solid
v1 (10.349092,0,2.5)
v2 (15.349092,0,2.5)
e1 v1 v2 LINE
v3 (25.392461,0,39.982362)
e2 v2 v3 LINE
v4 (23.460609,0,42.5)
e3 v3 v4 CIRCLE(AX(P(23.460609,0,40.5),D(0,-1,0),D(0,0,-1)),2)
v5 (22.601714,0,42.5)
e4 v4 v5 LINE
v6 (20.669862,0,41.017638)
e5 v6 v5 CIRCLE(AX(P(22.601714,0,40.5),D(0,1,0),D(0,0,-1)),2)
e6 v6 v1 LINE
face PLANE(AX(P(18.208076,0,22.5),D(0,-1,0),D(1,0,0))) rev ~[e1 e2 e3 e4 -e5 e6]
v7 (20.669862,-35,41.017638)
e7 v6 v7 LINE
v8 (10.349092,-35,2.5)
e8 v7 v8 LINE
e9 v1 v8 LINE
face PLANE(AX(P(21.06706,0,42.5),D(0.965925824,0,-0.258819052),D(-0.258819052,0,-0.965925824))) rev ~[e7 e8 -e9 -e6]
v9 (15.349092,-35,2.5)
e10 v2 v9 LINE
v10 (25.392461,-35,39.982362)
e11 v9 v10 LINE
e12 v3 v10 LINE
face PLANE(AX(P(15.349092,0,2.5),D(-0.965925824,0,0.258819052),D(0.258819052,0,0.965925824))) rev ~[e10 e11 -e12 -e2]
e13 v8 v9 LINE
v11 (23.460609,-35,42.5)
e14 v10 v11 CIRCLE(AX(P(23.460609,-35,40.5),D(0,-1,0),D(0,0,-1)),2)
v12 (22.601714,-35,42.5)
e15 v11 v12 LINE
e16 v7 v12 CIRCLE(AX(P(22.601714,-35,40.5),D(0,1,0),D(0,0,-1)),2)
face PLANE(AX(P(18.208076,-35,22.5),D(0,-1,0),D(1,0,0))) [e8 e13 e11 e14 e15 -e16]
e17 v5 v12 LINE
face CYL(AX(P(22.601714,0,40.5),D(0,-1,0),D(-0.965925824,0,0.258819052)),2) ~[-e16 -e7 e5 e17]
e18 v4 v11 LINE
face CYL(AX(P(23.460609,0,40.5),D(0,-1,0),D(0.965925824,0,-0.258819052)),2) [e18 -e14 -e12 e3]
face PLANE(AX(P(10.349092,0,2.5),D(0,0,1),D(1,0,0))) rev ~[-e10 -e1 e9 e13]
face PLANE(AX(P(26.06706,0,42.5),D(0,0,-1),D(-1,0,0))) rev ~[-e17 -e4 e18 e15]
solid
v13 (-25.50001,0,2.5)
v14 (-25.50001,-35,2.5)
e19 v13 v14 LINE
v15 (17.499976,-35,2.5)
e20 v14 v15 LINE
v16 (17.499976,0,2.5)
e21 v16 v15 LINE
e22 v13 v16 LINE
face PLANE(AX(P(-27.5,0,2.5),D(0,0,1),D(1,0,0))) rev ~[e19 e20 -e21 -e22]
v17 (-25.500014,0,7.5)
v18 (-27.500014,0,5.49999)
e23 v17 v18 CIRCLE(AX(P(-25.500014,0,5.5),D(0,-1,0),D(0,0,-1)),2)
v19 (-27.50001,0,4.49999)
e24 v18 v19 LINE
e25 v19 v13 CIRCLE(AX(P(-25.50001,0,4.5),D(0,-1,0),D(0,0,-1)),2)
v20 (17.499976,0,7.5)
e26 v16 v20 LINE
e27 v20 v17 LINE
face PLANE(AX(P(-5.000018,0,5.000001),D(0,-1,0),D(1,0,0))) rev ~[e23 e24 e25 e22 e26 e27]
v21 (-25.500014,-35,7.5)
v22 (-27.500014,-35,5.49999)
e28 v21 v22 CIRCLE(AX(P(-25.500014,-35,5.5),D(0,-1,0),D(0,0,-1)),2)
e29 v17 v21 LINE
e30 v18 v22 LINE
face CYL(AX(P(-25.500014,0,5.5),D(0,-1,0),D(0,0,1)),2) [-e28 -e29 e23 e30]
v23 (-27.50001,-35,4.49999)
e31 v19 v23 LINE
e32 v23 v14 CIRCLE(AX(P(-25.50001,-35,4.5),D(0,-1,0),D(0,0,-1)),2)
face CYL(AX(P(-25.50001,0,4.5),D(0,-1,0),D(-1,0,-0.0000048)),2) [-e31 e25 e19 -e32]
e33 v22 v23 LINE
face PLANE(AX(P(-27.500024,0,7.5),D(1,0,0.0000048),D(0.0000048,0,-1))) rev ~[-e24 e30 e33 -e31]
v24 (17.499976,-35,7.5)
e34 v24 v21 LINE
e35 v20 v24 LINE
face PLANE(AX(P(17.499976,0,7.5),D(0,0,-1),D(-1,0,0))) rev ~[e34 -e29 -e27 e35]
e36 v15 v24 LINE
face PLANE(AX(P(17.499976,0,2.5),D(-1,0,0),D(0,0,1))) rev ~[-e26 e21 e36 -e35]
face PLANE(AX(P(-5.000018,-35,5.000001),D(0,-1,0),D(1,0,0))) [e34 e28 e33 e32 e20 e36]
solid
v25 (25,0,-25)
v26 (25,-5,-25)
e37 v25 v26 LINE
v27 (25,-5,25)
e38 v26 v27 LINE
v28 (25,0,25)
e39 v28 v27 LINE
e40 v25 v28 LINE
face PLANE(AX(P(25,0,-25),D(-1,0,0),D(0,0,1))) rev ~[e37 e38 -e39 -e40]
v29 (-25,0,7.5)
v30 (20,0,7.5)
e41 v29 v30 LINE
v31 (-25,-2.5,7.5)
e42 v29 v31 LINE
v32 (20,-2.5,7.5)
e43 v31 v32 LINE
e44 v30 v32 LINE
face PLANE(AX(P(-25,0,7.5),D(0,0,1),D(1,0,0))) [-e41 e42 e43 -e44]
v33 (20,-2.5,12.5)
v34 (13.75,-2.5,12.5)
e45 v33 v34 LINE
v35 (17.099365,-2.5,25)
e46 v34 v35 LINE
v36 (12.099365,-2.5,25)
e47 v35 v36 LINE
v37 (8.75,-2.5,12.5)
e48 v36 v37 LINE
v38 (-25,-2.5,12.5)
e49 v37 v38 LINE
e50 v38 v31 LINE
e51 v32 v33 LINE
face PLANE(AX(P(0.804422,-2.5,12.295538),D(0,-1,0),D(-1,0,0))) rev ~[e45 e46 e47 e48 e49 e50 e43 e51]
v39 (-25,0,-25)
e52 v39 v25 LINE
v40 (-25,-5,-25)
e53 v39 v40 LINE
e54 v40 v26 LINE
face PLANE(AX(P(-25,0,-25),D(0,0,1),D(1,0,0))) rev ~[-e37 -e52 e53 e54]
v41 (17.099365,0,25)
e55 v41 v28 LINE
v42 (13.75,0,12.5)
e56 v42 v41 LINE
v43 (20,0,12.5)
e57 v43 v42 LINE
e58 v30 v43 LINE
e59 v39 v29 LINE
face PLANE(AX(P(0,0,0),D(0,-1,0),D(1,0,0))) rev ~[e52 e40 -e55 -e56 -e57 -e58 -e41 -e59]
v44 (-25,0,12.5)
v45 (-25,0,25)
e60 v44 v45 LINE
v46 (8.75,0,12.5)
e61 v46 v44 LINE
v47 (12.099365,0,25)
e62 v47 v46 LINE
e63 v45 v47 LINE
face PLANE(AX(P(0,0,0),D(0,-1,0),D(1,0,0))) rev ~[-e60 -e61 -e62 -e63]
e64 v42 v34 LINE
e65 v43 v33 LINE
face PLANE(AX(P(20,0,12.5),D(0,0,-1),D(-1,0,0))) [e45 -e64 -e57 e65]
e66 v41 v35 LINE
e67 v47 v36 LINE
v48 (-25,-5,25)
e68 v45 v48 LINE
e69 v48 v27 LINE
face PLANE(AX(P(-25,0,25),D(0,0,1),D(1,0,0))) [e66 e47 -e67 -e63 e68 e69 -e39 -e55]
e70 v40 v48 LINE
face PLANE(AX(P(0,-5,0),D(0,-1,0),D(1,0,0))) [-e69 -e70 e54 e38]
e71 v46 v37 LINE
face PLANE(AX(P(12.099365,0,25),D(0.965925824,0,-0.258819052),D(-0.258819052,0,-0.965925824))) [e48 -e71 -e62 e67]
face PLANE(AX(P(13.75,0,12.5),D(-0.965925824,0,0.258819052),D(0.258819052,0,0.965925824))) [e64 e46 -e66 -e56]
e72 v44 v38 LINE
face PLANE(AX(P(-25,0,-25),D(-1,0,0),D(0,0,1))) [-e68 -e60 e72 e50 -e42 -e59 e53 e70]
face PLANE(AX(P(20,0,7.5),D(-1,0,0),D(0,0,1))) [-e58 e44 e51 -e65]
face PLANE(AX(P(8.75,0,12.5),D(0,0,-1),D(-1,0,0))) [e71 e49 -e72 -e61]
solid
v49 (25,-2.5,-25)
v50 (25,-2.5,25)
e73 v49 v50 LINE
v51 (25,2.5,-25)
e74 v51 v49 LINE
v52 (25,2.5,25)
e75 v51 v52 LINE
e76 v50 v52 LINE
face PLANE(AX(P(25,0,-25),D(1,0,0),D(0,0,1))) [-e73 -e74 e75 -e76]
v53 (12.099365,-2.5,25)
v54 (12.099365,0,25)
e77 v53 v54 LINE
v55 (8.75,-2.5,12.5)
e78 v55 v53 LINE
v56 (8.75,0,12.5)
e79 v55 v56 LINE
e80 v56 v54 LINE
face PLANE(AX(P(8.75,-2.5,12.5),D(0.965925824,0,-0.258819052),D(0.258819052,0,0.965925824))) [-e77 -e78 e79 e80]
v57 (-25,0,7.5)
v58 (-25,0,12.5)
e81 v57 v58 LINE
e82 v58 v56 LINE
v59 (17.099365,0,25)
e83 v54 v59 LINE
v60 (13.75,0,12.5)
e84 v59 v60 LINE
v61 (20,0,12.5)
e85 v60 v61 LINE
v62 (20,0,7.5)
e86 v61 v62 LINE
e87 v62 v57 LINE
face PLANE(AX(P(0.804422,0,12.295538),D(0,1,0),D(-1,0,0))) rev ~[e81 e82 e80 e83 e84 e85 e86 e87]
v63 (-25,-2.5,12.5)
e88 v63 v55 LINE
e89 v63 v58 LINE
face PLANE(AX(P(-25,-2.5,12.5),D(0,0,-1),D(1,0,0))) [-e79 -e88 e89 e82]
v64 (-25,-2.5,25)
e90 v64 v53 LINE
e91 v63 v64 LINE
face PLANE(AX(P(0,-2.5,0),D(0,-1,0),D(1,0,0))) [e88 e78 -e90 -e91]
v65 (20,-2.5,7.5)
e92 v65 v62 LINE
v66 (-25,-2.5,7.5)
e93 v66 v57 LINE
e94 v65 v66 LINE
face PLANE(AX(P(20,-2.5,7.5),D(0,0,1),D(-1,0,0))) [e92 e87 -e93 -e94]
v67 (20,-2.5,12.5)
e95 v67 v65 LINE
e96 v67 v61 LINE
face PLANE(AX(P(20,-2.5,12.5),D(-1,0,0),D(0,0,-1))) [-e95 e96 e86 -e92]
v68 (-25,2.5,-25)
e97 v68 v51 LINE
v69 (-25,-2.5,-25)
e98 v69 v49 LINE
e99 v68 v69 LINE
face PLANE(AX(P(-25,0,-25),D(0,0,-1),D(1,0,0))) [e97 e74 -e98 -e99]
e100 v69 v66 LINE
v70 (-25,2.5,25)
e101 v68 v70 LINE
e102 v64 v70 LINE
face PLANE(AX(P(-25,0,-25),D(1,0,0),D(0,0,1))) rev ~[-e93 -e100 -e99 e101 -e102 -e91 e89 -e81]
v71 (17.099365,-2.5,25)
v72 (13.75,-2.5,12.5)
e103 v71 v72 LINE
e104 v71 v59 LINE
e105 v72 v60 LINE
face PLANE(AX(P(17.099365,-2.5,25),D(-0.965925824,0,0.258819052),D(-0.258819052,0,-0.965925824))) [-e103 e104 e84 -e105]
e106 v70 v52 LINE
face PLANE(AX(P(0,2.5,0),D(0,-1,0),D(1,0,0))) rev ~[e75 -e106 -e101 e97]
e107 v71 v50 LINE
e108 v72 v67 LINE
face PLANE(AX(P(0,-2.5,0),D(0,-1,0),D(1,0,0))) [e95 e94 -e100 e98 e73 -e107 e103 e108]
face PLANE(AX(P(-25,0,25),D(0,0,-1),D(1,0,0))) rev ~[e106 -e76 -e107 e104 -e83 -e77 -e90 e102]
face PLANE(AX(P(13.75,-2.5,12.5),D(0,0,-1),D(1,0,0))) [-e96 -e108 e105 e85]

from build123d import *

# Parameters (mm, degrees)
SKETCH_W        = 50
SKETCH_H        = 50
PAD_DEPTH       = 2.5
POCKET_DEPTH    = 2.5
PAD001_DEPTH    = 35
FILLET_R        = 2
PAD002_DEPTH    = 35
FILLET001_R     = 2
SKETCH004_W     = 50
SKETCH004_H     = 50
PAD003_DEPTH    = 5
POCKET001_DEPTH = 2.5


with BuildPart() as right_leg:
    # Sketch → Pad (new body, symmetric)
    with BuildSketch(Plane.XZ):
        Rectangle(SKETCH_W, SKETCH_H)
    extrude(amount=PAD_DEPTH, both=True)

    # Sketch001 (on Face6 of Pad) → Pocket (cut)
    with BuildSketch(Plane.XZ.offset(2.5)):
        Polygon((-25, 7.5), (-25, 12.5), (8.75, 12.5), (12.099365, 25), (17.099365, 25), (13.75, 12.5), (20, 12.5), (20, 7.5), align=None)
    extrude(amount=-POCKET_DEPTH, mode=Mode.SUBTRACT)


with BuildPart() as seat:
    # Sketch002 → Pad001 (new body)
    with BuildSketch(Plane.XZ):
        Polygon((17.499976, 2.5), (17.499976, 7.5), (-27.500024, 7.5), (-27.5, 2.5), align=None)
    extrude(amount=PAD001_DEPTH)

    # Fillet
    fillet_edges = [seat.edges().sort_by_distance(p)[0] for p in [
        (-27.500024, -17.5, 7.5),
        (-27.5, -17.5, 2.5),
    ]]
    fillet(fillet_edges, radius=FILLET_R)


with BuildPart() as back_rest:
    # Sketch003 → Pad002 (new body)
    with BuildSketch(Plane.XZ):
        Polygon((21.06706, 42.5), (10.349092, 2.5), (15.349092, 2.5), (26.06706, 42.5), align=None)
    extrude(amount=PAD002_DEPTH)

    # Fillet001
    fillet001_edges = [back_rest.edges().sort_by_distance(p)[0] for p in [
        (21.06706, -17.5, 42.5),
        (26.06706, -17.5, 42.5),
    ]]
    fillet(fillet001_edges, radius=FILLET001_R)


with BuildPart() as left_leg:
    # Sketch004 → Pad003 (new body)
    with BuildSketch(Plane.XZ):
        Rectangle(SKETCH004_W, SKETCH004_H)
    extrude(amount=PAD003_DEPTH)

    # Sketch005 (on Face5 of Pad003) → Pocket001 (cut)
    with BuildSketch(Plane(origin=(0, 0, 0), x_dir=(1, 0, 0), z_dir=(0, 1, 0))):
        Polygon((-25, -12.5), (-25, -7.5), (20, -7.5), (20, -12.5), (13.75, -12.5), (17.099365, -25), (12.099365, -25), (8.75, -12.5), align=None)
    extrude(amount=-POCKET001_DEPTH, mode=Mode.SUBTRACT)


solid = Compound([right_leg.part, seat.part, back_rest.part, left_leg.part])
